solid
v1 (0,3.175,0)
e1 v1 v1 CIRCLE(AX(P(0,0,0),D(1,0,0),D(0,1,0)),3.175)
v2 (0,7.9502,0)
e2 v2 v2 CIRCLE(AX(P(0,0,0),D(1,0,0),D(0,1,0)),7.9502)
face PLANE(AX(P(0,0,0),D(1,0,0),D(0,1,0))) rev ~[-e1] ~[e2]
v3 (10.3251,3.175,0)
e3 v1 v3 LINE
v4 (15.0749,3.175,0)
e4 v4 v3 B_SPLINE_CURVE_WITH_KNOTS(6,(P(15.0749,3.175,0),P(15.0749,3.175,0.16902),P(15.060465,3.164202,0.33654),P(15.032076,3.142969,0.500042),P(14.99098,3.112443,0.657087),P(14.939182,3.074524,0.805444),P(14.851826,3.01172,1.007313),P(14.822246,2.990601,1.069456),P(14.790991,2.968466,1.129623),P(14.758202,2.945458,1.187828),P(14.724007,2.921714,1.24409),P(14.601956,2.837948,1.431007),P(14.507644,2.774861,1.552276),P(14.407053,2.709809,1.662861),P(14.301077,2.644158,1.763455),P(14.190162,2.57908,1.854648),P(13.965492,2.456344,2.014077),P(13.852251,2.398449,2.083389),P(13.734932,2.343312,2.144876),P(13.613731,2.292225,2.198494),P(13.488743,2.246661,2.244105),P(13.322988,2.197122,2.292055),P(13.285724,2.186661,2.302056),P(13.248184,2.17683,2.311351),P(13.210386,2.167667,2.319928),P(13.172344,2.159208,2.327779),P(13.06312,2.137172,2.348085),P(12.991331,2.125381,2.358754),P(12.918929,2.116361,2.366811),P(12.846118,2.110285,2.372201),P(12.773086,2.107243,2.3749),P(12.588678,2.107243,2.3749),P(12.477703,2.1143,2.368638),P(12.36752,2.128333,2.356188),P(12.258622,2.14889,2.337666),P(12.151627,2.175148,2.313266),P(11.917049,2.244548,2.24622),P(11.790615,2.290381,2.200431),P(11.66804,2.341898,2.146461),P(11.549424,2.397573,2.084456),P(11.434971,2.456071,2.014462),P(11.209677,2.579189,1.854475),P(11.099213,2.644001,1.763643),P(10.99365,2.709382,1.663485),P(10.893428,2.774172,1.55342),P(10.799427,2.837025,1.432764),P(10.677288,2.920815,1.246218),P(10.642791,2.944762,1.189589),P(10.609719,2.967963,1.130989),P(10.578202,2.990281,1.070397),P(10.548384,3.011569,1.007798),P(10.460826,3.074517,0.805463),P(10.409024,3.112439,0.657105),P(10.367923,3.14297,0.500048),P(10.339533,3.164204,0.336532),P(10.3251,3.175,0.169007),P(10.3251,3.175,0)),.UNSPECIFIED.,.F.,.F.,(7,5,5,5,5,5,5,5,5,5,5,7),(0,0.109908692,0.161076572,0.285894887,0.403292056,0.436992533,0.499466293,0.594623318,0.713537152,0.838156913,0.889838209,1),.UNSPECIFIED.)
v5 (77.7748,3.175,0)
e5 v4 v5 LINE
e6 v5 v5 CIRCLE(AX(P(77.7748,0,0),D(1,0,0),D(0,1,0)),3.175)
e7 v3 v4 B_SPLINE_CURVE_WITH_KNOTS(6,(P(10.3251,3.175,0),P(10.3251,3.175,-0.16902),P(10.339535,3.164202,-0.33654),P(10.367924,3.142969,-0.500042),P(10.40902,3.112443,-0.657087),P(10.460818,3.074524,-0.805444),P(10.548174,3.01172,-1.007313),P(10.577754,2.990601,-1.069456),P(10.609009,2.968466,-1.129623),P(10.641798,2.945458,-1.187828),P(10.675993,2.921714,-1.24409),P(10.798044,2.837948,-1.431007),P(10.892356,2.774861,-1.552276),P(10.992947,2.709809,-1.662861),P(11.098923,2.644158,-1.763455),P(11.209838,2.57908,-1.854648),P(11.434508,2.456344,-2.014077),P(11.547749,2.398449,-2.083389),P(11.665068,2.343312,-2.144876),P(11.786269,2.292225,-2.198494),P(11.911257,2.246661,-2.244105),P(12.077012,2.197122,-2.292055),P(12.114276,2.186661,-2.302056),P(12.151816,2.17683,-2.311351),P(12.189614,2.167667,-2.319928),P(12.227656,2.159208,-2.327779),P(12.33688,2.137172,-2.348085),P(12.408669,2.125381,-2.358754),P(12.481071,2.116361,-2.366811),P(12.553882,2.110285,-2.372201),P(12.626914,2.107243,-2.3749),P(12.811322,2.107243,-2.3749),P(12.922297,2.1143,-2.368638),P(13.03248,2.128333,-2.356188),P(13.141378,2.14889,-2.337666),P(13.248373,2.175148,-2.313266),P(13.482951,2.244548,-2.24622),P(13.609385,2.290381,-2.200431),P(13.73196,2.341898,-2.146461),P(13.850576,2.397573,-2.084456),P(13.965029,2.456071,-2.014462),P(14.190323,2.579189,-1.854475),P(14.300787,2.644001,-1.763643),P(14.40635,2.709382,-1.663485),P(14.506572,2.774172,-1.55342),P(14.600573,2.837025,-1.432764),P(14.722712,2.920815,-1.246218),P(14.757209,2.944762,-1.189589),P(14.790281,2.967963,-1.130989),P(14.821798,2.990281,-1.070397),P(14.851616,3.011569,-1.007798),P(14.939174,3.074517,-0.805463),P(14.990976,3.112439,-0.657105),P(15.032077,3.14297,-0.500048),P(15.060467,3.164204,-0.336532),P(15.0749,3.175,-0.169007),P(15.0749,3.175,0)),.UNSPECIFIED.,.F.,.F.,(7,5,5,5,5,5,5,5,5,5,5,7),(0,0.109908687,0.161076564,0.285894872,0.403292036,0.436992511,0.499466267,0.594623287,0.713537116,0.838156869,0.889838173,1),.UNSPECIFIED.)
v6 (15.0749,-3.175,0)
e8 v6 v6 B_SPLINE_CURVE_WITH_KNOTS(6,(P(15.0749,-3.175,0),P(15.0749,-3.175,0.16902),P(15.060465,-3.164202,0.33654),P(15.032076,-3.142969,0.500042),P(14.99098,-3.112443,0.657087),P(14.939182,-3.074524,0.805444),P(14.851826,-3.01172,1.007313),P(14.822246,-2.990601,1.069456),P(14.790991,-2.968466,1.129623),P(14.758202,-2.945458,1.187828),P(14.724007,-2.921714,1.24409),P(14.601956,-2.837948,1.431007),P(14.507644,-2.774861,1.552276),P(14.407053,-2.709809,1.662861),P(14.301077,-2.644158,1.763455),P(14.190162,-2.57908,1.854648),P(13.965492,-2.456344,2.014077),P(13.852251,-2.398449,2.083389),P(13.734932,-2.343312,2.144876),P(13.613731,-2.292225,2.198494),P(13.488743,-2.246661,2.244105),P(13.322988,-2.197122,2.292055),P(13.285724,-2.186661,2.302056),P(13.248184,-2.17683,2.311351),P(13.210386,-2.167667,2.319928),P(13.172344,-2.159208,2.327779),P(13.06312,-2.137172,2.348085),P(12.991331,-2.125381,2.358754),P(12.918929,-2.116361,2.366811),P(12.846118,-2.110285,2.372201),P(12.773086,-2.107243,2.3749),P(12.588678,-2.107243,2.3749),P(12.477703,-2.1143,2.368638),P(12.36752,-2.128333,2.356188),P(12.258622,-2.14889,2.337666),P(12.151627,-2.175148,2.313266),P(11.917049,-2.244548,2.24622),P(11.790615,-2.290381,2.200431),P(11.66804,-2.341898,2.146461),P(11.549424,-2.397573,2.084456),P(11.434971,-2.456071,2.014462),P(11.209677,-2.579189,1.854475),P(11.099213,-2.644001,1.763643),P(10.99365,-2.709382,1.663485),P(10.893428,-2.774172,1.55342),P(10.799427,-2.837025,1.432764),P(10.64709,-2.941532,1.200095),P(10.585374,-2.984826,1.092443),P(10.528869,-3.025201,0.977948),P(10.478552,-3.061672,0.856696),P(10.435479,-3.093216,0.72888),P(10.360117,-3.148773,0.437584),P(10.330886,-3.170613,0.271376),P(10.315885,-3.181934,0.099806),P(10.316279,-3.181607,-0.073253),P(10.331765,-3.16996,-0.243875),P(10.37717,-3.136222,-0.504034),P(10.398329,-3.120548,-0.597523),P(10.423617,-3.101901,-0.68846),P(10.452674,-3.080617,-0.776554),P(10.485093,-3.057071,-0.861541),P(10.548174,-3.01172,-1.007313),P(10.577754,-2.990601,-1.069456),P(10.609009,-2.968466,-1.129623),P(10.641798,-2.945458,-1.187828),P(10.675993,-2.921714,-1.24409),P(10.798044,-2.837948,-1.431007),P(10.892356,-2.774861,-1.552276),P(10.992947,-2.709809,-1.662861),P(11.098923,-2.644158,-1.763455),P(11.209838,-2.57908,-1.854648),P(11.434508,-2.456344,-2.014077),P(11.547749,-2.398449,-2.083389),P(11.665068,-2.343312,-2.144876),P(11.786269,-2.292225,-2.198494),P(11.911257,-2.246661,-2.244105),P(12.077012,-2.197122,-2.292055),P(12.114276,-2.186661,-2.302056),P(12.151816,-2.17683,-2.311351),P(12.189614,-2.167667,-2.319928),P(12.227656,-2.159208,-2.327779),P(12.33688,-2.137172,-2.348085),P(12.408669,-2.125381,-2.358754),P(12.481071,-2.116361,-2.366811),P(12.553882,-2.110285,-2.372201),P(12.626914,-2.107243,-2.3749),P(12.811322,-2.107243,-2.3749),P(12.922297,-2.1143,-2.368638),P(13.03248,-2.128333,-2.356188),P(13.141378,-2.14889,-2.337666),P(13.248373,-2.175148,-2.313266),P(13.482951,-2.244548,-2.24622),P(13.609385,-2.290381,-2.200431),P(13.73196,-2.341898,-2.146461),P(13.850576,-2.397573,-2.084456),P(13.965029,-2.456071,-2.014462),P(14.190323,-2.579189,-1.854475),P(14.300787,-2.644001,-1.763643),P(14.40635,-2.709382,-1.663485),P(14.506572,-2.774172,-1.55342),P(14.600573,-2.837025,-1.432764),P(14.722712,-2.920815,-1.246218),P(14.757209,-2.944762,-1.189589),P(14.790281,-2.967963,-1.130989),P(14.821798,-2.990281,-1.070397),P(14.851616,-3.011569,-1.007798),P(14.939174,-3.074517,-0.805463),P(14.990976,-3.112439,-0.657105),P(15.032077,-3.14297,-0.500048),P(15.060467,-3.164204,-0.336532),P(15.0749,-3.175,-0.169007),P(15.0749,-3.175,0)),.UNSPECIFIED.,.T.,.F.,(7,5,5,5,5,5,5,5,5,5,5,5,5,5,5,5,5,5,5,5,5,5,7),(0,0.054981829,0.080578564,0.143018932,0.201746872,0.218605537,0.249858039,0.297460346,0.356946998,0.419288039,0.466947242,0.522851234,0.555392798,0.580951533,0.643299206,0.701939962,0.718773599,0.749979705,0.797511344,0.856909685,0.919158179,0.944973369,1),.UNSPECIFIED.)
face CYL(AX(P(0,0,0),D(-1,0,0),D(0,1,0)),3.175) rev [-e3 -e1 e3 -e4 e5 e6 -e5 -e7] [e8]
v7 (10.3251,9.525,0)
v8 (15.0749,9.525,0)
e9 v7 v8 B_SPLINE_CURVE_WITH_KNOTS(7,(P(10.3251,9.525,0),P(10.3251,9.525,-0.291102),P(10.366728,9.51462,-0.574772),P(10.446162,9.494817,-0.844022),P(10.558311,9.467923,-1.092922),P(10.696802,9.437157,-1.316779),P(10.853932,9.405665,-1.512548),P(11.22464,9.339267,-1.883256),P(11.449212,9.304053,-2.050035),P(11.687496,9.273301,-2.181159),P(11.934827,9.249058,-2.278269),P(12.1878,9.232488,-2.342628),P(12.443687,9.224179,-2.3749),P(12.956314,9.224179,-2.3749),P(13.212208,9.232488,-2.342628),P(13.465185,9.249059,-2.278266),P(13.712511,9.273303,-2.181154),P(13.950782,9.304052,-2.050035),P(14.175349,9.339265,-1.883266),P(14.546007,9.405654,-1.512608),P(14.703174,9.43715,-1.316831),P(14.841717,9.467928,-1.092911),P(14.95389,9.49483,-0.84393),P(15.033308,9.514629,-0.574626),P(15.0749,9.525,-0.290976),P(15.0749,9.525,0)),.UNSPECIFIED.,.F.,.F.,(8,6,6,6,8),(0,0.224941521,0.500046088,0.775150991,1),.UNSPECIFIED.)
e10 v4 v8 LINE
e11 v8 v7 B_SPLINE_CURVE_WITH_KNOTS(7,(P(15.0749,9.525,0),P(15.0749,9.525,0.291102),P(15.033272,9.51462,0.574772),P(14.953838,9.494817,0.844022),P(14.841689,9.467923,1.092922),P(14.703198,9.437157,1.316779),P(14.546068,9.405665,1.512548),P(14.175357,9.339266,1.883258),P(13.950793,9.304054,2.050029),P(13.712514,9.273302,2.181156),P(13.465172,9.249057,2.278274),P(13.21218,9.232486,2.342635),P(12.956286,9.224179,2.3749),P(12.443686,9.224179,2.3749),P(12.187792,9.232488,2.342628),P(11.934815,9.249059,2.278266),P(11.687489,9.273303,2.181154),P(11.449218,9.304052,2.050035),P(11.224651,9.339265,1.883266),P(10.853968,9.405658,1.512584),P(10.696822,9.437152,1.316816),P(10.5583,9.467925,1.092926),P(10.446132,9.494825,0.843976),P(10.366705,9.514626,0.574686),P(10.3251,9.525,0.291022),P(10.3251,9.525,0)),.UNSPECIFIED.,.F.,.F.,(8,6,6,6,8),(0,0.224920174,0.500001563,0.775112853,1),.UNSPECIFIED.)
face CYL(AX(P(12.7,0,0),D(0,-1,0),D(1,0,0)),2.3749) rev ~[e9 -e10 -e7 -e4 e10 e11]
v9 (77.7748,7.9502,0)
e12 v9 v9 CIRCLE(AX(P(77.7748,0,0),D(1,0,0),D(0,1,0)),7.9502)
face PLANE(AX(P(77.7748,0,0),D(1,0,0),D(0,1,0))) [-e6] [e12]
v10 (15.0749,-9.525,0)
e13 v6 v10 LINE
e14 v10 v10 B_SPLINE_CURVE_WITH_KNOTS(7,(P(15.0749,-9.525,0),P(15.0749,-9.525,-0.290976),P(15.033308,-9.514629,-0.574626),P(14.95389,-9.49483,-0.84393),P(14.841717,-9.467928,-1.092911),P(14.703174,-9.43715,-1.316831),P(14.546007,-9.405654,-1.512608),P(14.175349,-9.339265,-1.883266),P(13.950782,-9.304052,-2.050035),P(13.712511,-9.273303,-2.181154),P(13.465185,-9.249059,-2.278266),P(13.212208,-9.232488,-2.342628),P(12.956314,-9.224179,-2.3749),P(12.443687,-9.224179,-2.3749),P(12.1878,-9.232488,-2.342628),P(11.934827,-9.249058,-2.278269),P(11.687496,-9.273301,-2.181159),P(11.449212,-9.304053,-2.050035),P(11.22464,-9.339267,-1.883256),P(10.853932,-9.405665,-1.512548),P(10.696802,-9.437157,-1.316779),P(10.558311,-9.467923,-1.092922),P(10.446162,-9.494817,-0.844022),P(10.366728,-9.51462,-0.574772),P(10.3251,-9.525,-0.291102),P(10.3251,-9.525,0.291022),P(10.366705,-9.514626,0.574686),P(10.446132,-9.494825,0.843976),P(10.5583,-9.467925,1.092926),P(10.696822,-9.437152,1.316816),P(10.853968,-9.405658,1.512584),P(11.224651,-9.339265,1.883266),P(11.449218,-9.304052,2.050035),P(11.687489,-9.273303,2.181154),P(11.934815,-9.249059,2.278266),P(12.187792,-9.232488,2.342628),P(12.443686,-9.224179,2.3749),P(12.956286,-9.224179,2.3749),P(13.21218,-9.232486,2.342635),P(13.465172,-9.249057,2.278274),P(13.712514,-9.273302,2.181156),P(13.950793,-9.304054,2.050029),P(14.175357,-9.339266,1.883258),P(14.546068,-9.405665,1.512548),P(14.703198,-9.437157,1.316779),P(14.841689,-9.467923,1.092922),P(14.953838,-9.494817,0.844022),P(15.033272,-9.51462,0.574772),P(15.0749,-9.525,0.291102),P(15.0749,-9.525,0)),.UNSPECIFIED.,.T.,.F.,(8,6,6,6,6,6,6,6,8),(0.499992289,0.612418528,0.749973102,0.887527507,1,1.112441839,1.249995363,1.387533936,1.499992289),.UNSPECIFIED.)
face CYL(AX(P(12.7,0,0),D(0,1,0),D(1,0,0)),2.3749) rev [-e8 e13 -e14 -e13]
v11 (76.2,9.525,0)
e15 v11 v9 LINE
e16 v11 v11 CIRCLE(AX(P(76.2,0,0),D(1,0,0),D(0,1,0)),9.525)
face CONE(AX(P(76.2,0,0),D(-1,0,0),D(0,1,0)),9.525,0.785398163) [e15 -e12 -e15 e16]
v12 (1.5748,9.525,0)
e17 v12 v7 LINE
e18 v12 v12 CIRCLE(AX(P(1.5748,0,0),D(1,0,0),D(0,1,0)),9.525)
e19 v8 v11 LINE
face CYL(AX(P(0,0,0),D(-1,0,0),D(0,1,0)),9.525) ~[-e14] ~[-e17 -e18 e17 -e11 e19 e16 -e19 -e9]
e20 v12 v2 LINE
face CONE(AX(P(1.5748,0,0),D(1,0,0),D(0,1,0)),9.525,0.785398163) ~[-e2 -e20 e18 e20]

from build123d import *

# Parameters (mm, degrees)
F0_R          = 9.525
F0_R_2        = 3.175
F1_DEPTH      = 77.7748
F3_DEPTH      = 9.525
F3_DEPTH_BACK = 9.525
F4_SIZE2      = 1.5748
F4_SIZE       = 1.5748


with BuildPart() as f1:
    # F0 (on Right) → F1 (new body)
    with BuildSketch(Plane.YZ):
        Circle(F0_R)
        Circle(F0_R_2, mode=Mode.SUBTRACT)
    extrude(amount=F1_DEPTH)

    # F2 (on Front) → F3 (cut, two sides)
    with BuildSketch(Plane.XZ) as f3_sk:
        with BuildLine():
            ThreePointArc((10.3251, 0), (12.7, -2.3749), (15.0749, 0))
            ThreePointArc((15.0749, 0), (12.7, 2.3749), (10.3251, 0))
        make_face()
    extrude(amount=F3_DEPTH, mode=Mode.SUBTRACT)
    extrude(f3_sk.sketch, amount=-F3_DEPTH_BACK, mode=Mode.SUBTRACT)

    # F4
    f4_edges = [f1.edges().sort_by_distance(p)[0] for p in [
        (0, -9.525, 0),
        (77.7748, -9.525, 0),
    ]]
    chamfer(f4_edges, length=F4_SIZE, length2=F4_SIZE2)


solid = f1.part
